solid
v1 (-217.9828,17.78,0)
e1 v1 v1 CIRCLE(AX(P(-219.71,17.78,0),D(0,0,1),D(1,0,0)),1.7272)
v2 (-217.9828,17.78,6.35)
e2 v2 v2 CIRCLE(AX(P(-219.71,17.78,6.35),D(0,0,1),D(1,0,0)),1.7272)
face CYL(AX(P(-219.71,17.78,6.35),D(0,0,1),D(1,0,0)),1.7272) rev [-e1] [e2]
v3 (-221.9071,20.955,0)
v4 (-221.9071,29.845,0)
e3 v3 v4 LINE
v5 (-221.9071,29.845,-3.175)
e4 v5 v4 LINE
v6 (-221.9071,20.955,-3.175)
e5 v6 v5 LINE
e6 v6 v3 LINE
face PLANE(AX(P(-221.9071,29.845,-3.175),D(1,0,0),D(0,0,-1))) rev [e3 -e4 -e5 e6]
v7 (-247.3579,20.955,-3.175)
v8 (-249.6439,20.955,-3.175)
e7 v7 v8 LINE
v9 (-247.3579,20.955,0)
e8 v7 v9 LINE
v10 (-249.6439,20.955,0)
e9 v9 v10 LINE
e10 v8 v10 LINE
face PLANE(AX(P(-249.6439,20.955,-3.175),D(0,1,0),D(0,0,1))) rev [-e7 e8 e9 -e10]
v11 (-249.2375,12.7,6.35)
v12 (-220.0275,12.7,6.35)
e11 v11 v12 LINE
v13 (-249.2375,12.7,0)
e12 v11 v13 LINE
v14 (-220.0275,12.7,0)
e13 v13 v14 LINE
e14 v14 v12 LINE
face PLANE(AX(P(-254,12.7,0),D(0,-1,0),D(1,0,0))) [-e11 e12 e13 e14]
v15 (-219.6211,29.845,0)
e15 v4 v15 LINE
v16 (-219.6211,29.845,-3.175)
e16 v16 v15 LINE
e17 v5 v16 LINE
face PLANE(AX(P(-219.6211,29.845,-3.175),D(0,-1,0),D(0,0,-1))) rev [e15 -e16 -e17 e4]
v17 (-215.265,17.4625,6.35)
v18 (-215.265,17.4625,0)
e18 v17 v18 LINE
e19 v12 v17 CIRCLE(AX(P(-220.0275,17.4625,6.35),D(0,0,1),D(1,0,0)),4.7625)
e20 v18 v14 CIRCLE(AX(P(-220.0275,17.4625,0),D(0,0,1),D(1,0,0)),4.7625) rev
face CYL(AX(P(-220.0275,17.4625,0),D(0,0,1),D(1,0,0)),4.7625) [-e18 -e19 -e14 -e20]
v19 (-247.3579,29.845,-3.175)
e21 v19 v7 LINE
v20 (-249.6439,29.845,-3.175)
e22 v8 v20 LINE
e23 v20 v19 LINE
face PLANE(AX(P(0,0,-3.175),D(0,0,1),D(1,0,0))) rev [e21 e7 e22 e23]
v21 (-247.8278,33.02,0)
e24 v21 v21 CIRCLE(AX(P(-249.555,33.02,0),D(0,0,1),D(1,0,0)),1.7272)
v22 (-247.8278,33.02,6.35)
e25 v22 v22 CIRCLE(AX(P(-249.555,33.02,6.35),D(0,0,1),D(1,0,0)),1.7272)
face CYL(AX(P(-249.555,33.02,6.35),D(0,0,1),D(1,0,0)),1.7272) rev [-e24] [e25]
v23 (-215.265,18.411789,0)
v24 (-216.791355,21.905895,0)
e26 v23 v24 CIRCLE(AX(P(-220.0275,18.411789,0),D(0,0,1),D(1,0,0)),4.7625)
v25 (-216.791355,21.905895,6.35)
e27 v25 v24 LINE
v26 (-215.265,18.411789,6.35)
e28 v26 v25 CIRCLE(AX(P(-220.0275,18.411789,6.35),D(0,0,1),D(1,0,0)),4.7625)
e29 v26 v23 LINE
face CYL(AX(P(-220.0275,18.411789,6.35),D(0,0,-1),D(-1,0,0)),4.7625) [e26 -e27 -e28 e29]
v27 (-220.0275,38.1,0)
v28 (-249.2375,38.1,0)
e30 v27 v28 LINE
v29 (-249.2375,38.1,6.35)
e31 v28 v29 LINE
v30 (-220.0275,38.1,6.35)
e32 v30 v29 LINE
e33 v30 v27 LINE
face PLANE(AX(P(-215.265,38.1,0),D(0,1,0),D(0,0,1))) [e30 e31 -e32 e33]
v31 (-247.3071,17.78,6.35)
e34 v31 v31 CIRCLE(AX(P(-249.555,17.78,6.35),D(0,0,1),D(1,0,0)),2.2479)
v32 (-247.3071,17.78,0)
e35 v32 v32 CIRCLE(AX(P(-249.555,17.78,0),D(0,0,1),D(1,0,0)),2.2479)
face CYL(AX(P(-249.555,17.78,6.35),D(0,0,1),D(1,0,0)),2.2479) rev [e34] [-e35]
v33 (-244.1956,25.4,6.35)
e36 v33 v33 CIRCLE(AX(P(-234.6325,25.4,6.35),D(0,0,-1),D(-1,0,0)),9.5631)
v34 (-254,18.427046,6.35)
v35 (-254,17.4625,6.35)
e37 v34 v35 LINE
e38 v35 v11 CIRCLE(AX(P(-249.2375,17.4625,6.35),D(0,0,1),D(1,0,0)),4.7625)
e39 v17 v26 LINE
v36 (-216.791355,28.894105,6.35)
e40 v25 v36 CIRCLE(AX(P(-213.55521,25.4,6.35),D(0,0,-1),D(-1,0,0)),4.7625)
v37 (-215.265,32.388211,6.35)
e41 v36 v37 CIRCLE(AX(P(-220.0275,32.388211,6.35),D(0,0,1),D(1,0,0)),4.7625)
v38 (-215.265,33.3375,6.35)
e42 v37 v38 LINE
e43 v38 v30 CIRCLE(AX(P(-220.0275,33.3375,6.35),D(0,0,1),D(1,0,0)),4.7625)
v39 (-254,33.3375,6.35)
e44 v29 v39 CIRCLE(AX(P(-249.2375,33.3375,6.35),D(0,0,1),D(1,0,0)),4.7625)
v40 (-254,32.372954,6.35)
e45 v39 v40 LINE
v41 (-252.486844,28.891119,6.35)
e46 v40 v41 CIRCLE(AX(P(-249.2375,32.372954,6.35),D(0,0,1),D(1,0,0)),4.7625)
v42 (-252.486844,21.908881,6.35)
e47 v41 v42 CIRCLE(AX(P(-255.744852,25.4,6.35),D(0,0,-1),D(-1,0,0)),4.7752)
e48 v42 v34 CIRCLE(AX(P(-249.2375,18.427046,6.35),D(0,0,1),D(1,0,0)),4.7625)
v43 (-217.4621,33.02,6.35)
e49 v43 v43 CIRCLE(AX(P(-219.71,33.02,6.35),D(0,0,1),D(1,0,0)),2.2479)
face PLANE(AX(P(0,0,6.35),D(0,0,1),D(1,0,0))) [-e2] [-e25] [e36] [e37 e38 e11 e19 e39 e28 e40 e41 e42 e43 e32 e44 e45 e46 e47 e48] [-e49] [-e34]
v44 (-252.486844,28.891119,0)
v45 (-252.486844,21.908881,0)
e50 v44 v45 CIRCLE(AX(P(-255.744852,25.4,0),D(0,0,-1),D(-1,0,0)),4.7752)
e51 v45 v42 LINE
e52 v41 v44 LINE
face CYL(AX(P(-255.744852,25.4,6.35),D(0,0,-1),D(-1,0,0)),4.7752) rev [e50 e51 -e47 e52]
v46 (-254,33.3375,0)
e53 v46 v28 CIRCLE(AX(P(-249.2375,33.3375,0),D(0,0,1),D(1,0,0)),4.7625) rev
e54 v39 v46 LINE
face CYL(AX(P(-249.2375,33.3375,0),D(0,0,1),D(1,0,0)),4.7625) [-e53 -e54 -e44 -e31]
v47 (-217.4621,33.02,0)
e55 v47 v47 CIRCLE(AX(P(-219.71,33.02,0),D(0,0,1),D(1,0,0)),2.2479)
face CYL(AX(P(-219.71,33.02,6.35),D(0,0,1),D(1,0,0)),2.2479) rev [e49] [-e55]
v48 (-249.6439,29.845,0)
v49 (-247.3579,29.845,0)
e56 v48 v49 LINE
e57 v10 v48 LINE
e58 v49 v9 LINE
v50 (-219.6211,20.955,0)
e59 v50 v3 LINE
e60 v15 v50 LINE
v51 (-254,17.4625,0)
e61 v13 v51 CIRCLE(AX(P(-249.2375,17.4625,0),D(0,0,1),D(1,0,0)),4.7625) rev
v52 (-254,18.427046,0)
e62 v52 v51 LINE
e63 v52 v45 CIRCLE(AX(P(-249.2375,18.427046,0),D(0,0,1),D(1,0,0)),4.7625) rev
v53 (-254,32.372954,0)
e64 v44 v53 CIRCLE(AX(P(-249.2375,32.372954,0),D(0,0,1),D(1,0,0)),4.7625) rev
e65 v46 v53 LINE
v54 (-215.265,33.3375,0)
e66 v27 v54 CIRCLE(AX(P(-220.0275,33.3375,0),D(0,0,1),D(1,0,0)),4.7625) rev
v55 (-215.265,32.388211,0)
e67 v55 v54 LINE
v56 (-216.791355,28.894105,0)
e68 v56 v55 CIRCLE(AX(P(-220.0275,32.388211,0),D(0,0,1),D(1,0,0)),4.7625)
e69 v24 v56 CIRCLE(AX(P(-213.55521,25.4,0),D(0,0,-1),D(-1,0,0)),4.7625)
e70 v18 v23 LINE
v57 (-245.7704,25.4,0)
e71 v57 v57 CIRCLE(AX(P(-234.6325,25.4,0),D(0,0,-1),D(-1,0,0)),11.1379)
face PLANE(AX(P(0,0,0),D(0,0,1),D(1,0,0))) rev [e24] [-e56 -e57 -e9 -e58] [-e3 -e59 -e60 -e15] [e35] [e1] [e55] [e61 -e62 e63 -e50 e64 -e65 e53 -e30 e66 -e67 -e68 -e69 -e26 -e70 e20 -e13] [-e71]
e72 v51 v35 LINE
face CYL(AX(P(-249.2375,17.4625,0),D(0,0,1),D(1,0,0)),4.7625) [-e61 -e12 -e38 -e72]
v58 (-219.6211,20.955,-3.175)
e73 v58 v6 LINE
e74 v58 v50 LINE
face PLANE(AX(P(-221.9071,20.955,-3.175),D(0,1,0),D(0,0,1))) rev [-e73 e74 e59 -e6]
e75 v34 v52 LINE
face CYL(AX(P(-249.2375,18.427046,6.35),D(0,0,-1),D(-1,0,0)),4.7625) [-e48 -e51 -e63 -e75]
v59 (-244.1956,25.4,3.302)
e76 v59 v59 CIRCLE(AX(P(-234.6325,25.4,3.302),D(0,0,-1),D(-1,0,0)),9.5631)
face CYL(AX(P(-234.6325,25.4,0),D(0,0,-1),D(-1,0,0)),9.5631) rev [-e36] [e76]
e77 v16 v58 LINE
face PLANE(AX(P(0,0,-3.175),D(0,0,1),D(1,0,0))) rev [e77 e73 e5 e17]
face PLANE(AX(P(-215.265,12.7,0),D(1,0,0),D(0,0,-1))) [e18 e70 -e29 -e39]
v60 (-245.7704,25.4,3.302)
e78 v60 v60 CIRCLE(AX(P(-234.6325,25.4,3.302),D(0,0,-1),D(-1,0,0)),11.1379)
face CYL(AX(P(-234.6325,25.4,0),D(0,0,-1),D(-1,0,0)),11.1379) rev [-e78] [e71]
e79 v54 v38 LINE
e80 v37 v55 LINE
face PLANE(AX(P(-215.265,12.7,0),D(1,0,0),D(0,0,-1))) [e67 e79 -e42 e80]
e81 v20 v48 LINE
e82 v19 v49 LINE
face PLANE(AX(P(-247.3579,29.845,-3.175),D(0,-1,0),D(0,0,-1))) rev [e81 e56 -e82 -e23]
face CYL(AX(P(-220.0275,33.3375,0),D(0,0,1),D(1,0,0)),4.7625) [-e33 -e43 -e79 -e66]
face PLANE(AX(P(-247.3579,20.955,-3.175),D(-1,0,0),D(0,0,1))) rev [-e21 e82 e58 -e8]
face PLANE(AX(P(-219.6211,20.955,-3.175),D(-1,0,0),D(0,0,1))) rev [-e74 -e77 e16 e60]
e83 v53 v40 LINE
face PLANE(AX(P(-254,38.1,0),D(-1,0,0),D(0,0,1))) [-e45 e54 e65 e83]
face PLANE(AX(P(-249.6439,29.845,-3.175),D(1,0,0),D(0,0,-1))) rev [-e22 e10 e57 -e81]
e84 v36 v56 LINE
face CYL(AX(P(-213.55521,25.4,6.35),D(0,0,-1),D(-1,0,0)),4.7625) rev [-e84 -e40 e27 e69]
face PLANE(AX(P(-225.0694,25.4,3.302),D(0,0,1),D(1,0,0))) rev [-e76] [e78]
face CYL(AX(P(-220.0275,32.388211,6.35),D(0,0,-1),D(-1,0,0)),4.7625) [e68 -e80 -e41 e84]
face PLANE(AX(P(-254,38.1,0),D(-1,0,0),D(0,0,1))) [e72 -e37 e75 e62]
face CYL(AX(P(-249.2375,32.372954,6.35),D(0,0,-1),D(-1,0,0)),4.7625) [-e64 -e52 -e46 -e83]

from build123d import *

# Parameters (mm, degrees)
SKETCH1_W                       = 38.735
SKETCH1_H                       = 25.4
BOSS_EXTRUDE1_DEPTH             = 6.35
CUT_EXTRUDE1_DEPTH              = 7.35
CUT_EXTRUDE2_DEPTH              = 7.35
SKETCH4_W                       = 2.286
SKETCH4_H                       = 8.89
BOSS_EXTRUDE2_DEPTH             = 3.175
SKETCH5_W                       = 2.286
SKETCH5_H                       = 8.89
BOSS_EXTRUDE3_DEPTH             = 3.175
HOLE1_D                         = 19.1262
HOLE1_DEPTH                     = 6.35
HOLE1_CBORE_D                   = 22.2758
HOLE1_CBORE_DEPTH               = 3.302
F_16_0_177_DIAMETER_HOLE1_D     = 4.4958
F_16_0_177_DIAMETER_HOLE1_DEPTH = 9.525
F_29_0_136_DIAMETER_HOLE1_D     = 3.4544
F_29_0_136_DIAMETER_HOLE1_DEPTH = 9.525
FILLET1_R                       = 4.7625


with BuildPart() as part:
    # Sketch1 → Boss-Extrude1 (new body)
    with BuildSketch(Plane.XY.offset(6.35)):
        with Locations((-234.6325, 25.4)):
            Rectangle(SKETCH1_W, SKETCH1_H)
    extrude(amount=-BOSS_EXTRUDE1_DEPTH)

    # Sketch2 → Cut-Extrude1 (cut, through all)
    with BuildSketch(Plane(origin=(0, 0, 0), x_dir=(-1, 0, 0), z_dir=(0, 0, -1))):
        with BuildLine():
            Line((215.265, 32.388210744), (215.265, 18.411789256))
            ThreePointArc((215.265, 18.411789256), (215.6632391, 20.318260617), (216.791355087, 21.905894628))
            ThreePointArc((216.791355087, 21.905894628), (218.317710174, 25.4), (216.791355087, 28.894105372))
            ThreePointArc((216.791355087, 28.894105372), (215.6632391, 30.481739383), (215.265, 32.388210744))
        make_face()
    extrude(amount=-CUT_EXTRUDE1_DEPTH, mode=Mode.SUBTRACT)

    # Sketch3 → Cut-Extrude2 (cut, through all)
    with BuildSketch(Plane(origin=(0, 0, 0), x_dir=(-1, 0, 0), z_dir=(0, 0, -1))):
        with BuildLine():
            Line((254, 20.955), (254, 29.845))
            ThreePointArc((254, 29.845), (250.969652441, 25.4), (254, 20.955))
        make_face()
    extrude(amount=-CUT_EXTRUDE2_DEPTH, mode=Mode.SUBTRACT)

    # Sketch4 → Boss-Extrude2 (add)
    with BuildSketch(Plane(origin=(0, 0, 0), x_dir=(-1, 0, 0), z_dir=(0, 0, -1))):
        with Locations((220.7641, 25.4)):
            Rectangle(SKETCH4_W, SKETCH4_H)
    extrude(amount=BOSS_EXTRUDE2_DEPTH)

    # Sketch5 → Boss-Extrude3 (add)
    with BuildSketch(Plane(origin=(0, 0, 0), x_dir=(-1, 0, 0), z_dir=(0, 0, -1))):
        with Locations((248.5009, 25.4)):
            Rectangle(SKETCH5_W, SKETCH5_H)
    extrude(amount=BOSS_EXTRUDE3_DEPTH)

    # Hole1
    with Locations(Plane(origin=(0, 0, 0), x_dir=(-1, 0, 0), z_dir=(0, 0, -1))):
        with Locations((234.6325, 25.4)):
            CounterBoreHole(HOLE1_D / 2, HOLE1_CBORE_D / 2, HOLE1_CBORE_DEPTH, depth=HOLE1_DEPTH)

    # #16 (0.177) Diameter Hole1
    with Locations(Plane.XY.offset(6.35)):
        with Locations((-249.555, 17.78), (-219.71, 33.02)):
            Hole(F_16_0_177_DIAMETER_HOLE1_D / 2, depth=F_16_0_177_DIAMETER_HOLE1_DEPTH)

    # #29 (0.136) Diameter Hole1
    with Locations(Plane.XY.offset(6.35)):
        with Locations((-219.71, 17.78), (-249.555, 33.02)):
            Hole(F_29_0_136_DIAMETER_HOLE1_D / 2, depth=F_29_0_136_DIAMETER_HOLE1_DEPTH)

    # Fillet1
    fillet1_edges = [part.edges().sort_by_distance(p)[0] for p in [
        (-254, 20.955, 3.175),
        (-254, 29.845, 3.175),
        (-254, 38.1, 3.175),
        (-215.265, 38.1, 3.175),
        (-215.265, 12.7, 3.175),
        (-254, 12.7, 3.175),
    ]]
    fillet(fillet1_edges, radius=FILLET1_R)


solid = part.part
